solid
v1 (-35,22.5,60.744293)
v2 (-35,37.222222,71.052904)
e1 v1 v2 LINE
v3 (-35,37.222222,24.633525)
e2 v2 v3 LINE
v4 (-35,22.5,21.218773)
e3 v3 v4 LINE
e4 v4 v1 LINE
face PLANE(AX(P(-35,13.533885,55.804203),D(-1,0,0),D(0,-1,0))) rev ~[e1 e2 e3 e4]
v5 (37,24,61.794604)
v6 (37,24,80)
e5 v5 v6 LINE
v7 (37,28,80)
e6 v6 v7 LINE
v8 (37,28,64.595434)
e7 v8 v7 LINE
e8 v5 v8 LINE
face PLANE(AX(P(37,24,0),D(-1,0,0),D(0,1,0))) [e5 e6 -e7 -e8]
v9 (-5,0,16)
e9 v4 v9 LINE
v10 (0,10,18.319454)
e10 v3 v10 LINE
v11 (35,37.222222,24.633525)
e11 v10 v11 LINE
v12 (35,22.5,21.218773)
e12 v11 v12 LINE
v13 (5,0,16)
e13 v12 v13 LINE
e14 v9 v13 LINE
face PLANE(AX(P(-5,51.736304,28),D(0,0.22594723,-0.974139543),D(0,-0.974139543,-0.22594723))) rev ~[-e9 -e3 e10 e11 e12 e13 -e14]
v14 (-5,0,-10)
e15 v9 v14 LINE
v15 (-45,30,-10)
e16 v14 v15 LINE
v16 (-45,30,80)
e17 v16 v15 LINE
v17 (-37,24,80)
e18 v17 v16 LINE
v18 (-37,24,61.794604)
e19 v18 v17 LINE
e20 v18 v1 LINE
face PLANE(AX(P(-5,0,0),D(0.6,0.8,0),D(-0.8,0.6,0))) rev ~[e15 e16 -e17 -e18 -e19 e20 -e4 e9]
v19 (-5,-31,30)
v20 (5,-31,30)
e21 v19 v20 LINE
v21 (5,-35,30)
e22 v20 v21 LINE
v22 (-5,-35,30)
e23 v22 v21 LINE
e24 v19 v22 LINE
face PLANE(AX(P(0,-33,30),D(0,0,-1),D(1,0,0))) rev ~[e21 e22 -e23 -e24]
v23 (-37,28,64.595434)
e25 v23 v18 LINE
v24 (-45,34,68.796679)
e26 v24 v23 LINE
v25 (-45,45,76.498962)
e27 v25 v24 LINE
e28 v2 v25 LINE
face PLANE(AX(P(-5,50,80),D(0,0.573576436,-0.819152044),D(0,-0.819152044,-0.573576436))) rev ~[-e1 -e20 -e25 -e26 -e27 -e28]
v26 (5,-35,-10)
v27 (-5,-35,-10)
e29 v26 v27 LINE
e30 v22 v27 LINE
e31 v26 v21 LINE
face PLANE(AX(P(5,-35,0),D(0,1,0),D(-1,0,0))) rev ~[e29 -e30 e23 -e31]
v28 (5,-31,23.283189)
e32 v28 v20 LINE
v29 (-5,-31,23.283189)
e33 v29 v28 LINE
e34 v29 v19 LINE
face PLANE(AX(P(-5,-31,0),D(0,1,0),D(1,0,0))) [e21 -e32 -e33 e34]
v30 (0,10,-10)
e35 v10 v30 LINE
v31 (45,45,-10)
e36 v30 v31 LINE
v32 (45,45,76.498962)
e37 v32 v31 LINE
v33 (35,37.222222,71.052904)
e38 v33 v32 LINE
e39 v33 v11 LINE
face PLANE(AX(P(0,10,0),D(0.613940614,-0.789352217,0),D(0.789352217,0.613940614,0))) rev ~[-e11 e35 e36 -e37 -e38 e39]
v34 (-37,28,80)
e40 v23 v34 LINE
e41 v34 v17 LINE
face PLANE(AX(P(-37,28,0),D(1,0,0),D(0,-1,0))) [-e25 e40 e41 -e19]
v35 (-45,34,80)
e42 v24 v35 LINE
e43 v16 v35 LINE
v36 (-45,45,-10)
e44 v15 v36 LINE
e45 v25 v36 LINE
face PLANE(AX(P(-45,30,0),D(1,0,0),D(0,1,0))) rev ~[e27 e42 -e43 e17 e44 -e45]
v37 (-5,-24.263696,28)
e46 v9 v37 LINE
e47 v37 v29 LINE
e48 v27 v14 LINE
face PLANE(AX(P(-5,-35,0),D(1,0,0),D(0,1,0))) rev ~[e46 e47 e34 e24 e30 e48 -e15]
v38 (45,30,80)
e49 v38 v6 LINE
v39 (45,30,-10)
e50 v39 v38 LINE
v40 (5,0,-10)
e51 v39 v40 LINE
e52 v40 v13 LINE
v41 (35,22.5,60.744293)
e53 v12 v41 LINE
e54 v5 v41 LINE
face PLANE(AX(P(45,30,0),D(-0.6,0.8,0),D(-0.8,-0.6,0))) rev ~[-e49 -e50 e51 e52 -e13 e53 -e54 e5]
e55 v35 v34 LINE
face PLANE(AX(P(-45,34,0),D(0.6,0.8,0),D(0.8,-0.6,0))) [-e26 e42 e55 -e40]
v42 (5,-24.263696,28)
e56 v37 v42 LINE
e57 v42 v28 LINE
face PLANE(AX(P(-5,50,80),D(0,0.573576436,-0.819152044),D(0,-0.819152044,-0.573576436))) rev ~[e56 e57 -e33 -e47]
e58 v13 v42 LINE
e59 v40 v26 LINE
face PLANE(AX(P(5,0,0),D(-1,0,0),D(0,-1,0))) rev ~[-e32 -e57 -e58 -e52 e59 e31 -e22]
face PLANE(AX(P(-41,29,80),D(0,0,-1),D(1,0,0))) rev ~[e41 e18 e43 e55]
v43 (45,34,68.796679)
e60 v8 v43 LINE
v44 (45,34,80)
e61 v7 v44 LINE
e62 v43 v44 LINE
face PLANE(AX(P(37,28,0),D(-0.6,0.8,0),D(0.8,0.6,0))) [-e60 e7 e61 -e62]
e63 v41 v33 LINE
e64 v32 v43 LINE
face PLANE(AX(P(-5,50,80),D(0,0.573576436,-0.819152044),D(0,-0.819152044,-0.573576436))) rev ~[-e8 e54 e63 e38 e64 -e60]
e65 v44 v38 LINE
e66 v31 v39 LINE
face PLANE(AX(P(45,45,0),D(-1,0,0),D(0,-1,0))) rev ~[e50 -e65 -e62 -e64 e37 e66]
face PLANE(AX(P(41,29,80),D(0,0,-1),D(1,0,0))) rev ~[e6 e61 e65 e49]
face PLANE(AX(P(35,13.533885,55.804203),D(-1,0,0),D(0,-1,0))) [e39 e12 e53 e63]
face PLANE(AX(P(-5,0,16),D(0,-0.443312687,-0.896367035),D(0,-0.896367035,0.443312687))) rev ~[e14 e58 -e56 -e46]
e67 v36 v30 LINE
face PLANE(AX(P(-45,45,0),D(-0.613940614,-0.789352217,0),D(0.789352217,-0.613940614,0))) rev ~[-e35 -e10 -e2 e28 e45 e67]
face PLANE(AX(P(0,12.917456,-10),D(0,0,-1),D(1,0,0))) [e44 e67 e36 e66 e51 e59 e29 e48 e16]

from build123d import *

# Parameters (mm, degrees)
F1_DEPTH      = 80
F3_DEPTH      = 50.001
F3_DEPTH_BACK = 40.001
F5_DEPTH      = 40
F5_DEPTH_BACK = 30
F6_W          = 10
F6_H          = 4
F7_DEPTH      = 30
F9_DEPTH      = 80
F11_DEPTH     = 10


with BuildPart() as f1:
    # F0 (on Top) → F1 (new body)
    with BuildSketch(Plane.XY):
        Polygon((-5, 0), (-5, -35), (5, -35), (5, 0), (45, 30), (45, 45), (0, 10), (-45, 45), (-45, 30), align=None)
    extrude(amount=F1_DEPTH)

    # F2 (on face) → F3 (cut, two sides)
    with BuildSketch(Plane(origin=(-5, 0, 0), x_dir=(0, -1, 0), z_dir=(-1, 0, 0))) as f3_sk:
        Polygon((35, 20.4823592522), (35, 80), (-50, 80), align=None)
    extrude(amount=-F3_DEPTH, mode=Mode.SUBTRACT)
    extrude(f3_sk.sketch, amount=F3_DEPTH_BACK, mode=Mode.SUBTRACT)

    # F4 (on face) → F5 (cut, two sides)
    with BuildSketch(Plane(origin=(-5, 0, 0), x_dir=(0, -1, 0), z_dir=(-1, 0, 0))) as f5_sk:
        Polygon((0, 16), (24.2636963506, 28), (24.2636963506, 88), (-51.7363036494, 88), (-51.7363036494, 28), align=None)
    extrude(amount=-F5_DEPTH, mode=Mode.SUBTRACT)
    extrude(f5_sk.sketch, amount=F5_DEPTH_BACK, mode=Mode.SUBTRACT)

    # F6 (on face) → F7 (join)
    with BuildSketch(Plane(origin=(0, 0, 0), x_dir=(1, 0, 0), z_dir=(0, 0, -1))):
        with Locations((0, 33)):
            Rectangle(F6_W, F6_H)
    extrude(amount=-F7_DEPTH)

    # F8 (on face) → F9 (join)
    with BuildSketch(Plane(origin=(0, 0, 0), x_dir=(1, 0, 0), z_dir=(0, 0, -1))):
        Polygon((-37, -24), (-45, -30), (-45, -34), (-37, -28), align=None)
        Polygon((45, -34), (45, -30), (37, -24), (37, -28), align=None)
    extrude(amount=-F9_DEPTH)

    # F10 (on face) → F11 (join)
    with BuildSketch(Plane(origin=(0, 0, 0), x_dir=(1, 0, 0), z_dir=(0, 0, -1))):
        Polygon((5, 35), (-5, 35), (-5, 0), (-45, -30), (-45, -45), (0, -10), (45, -45), (45, -30), (5, 0), align=None)
    extrude(amount=F11_DEPTH)


solid = f1.part
